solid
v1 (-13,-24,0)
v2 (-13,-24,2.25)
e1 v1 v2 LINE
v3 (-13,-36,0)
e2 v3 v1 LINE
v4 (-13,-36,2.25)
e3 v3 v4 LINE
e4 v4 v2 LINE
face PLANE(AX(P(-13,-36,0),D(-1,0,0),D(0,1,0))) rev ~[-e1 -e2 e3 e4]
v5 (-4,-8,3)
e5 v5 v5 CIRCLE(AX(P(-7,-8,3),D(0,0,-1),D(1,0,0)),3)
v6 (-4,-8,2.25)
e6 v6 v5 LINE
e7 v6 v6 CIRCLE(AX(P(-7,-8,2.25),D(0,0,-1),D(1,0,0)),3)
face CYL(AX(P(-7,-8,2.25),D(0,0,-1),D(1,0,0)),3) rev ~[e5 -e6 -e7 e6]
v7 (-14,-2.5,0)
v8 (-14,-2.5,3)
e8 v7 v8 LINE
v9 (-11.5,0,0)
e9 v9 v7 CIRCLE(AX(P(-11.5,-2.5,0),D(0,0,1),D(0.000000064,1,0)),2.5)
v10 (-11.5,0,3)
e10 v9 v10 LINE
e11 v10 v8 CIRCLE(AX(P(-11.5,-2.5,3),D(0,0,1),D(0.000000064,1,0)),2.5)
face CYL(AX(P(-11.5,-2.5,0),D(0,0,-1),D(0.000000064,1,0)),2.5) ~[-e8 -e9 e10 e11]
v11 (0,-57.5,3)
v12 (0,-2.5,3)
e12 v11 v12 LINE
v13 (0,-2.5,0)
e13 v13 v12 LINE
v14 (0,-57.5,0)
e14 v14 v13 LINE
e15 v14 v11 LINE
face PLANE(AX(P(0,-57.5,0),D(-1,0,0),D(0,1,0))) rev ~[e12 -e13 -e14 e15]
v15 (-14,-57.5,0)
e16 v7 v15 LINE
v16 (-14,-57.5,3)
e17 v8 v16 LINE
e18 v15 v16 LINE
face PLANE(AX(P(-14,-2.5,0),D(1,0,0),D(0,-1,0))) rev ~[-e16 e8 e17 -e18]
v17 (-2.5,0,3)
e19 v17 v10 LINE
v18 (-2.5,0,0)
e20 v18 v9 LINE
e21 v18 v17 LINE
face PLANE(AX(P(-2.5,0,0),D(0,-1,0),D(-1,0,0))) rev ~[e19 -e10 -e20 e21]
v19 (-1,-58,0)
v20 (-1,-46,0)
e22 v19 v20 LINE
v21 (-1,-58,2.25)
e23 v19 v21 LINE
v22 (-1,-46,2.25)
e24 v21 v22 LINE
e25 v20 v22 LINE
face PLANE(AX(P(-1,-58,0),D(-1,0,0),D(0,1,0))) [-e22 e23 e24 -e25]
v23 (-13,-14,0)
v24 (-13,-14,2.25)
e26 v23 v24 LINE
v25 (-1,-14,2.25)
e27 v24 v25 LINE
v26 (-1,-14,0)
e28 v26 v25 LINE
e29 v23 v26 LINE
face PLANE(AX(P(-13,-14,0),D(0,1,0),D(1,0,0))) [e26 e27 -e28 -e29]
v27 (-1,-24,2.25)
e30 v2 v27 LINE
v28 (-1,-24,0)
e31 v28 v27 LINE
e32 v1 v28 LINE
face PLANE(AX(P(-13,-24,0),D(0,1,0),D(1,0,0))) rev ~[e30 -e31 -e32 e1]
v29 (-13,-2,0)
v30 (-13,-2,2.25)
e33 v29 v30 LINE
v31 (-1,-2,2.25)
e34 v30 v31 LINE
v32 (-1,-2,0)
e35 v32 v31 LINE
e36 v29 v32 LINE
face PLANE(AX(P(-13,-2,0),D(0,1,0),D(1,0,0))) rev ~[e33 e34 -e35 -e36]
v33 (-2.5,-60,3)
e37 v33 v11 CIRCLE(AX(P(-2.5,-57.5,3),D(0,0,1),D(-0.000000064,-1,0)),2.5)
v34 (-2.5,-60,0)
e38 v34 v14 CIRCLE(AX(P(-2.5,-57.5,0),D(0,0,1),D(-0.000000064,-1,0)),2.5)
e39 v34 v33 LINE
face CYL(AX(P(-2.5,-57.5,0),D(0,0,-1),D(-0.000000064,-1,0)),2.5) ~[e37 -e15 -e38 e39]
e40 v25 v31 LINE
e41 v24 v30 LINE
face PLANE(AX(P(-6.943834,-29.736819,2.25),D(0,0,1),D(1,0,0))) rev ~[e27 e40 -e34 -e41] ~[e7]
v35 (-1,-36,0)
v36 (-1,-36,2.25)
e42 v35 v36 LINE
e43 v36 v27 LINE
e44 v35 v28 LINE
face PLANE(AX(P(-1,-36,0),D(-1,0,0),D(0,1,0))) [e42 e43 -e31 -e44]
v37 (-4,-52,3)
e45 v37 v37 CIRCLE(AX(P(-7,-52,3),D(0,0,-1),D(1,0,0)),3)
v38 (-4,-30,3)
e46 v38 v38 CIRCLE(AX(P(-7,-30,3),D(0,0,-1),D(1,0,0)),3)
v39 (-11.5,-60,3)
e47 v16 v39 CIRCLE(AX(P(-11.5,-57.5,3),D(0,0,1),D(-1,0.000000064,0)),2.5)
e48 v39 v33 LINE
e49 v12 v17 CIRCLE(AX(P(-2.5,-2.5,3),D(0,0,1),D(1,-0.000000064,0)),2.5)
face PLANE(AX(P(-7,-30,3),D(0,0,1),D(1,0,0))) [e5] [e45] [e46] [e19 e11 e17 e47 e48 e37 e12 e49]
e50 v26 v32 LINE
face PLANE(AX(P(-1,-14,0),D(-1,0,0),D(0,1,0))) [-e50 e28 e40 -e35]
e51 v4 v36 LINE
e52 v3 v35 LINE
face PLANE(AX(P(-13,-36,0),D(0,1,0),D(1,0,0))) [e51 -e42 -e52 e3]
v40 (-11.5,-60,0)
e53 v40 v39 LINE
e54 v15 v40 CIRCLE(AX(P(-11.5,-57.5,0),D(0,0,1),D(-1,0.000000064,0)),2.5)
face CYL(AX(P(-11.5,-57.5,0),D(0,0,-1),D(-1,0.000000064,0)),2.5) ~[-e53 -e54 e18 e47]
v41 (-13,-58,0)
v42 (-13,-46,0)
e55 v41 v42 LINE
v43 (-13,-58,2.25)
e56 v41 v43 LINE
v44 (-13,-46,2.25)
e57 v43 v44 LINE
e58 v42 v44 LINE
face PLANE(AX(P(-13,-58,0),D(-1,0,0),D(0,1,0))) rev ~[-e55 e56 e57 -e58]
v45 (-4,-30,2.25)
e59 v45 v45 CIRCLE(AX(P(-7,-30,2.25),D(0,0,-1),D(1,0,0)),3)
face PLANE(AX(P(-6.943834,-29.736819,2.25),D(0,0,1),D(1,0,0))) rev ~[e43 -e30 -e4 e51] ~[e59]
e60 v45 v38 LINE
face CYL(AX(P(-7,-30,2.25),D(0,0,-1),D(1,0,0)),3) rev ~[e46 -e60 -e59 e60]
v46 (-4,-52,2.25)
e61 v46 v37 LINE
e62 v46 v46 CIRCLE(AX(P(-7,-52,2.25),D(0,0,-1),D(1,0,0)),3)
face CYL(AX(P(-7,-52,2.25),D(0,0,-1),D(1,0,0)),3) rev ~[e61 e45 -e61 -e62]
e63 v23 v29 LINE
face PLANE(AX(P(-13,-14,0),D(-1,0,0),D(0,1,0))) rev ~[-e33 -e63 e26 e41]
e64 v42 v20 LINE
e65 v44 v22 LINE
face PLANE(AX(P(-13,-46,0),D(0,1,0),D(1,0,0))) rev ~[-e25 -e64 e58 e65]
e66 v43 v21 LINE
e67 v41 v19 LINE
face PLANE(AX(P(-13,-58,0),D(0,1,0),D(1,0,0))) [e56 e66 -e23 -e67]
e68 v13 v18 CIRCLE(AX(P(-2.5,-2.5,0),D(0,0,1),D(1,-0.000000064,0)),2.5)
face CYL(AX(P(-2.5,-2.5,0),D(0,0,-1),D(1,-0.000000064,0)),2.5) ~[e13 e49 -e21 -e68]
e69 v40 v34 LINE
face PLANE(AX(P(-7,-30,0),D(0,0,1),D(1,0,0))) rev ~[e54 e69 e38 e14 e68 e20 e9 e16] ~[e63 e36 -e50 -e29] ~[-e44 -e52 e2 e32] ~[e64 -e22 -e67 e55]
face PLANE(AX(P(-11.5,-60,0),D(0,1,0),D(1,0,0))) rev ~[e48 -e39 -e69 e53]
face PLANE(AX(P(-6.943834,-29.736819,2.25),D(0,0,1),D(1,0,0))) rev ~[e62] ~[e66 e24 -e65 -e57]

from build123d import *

# Parameters (mm, degrees)
SKETCH_W     = 12
SKETCH_H     = 12
PAD_DEPTH    = 3
SKETCH001_W  = 12.427667
SKETCH001_H  = 57.473638
PAD001_DEPTH = 0.75
SKETCH002_R  = 3
HOLE_DEPTH   = 25


with BuildPart() as part:
    # Sketch → Pad (new body)
    with BuildSketch(Plane.XY):
        with BuildLine():
            Line((-11.5, -60), (-2.5, -60))
            ThreePointArc((-2.5, -60), (-0.732233, -59.267767), (0, -57.5))
            Line((0, -57.5), (0, -2.5))
            ThreePointArc((0, -2.5), (-0.732233, -0.732233), (-2.5, 0))
            Line((-2.5, 0), (-11.5, 0))
            ThreePointArc((-11.5, 0), (-13.267767, -0.732233), (-14, -2.5))
            Line((-14, -2.5), (-14, -57.5))
            ThreePointArc((-14, -57.5), (-13.267767, -59.267767), (-11.5, -60))
        make_face()
        with Locations((-7, -52)):
            Rectangle(SKETCH_W, SKETCH_H, mode=Mode.SUBTRACT)
        with Locations((-7, -30)):
            Rectangle(SKETCH_W, SKETCH_H, mode=Mode.SUBTRACT)
        with Locations((-7, -8)):
            Rectangle(SKETCH_W, SKETCH_H, mode=Mode.SUBTRACT)
    extrude(amount=PAD_DEPTH)

    # Sketch001 (on Face22 of Pad) → Pad001 (join)
    with BuildSketch(Plane.XY.offset(3)):
        with Locations((-6.943834, -29.736819)):
            Rectangle(SKETCH001_W, SKETCH001_H)
    extrude(amount=-PAD001_DEPTH)

    # Sketch002 (on Face23 of Pad001) → Hole (cut)
    with BuildSketch(Plane(origin=(0, 0, 2.25), x_dir=(1, 0, 0), z_dir=(0, 0, -1))):
        with Locations((-7, 30)):
            Circle(SKETCH002_R)
        with Locations((-7, 52)):
            Circle(SKETCH002_R)
        with Locations((-7, 8)):
            Circle(SKETCH002_R)
    extrude(amount=-HOLE_DEPTH, mode=Mode.SUBTRACT)


solid = part.part
